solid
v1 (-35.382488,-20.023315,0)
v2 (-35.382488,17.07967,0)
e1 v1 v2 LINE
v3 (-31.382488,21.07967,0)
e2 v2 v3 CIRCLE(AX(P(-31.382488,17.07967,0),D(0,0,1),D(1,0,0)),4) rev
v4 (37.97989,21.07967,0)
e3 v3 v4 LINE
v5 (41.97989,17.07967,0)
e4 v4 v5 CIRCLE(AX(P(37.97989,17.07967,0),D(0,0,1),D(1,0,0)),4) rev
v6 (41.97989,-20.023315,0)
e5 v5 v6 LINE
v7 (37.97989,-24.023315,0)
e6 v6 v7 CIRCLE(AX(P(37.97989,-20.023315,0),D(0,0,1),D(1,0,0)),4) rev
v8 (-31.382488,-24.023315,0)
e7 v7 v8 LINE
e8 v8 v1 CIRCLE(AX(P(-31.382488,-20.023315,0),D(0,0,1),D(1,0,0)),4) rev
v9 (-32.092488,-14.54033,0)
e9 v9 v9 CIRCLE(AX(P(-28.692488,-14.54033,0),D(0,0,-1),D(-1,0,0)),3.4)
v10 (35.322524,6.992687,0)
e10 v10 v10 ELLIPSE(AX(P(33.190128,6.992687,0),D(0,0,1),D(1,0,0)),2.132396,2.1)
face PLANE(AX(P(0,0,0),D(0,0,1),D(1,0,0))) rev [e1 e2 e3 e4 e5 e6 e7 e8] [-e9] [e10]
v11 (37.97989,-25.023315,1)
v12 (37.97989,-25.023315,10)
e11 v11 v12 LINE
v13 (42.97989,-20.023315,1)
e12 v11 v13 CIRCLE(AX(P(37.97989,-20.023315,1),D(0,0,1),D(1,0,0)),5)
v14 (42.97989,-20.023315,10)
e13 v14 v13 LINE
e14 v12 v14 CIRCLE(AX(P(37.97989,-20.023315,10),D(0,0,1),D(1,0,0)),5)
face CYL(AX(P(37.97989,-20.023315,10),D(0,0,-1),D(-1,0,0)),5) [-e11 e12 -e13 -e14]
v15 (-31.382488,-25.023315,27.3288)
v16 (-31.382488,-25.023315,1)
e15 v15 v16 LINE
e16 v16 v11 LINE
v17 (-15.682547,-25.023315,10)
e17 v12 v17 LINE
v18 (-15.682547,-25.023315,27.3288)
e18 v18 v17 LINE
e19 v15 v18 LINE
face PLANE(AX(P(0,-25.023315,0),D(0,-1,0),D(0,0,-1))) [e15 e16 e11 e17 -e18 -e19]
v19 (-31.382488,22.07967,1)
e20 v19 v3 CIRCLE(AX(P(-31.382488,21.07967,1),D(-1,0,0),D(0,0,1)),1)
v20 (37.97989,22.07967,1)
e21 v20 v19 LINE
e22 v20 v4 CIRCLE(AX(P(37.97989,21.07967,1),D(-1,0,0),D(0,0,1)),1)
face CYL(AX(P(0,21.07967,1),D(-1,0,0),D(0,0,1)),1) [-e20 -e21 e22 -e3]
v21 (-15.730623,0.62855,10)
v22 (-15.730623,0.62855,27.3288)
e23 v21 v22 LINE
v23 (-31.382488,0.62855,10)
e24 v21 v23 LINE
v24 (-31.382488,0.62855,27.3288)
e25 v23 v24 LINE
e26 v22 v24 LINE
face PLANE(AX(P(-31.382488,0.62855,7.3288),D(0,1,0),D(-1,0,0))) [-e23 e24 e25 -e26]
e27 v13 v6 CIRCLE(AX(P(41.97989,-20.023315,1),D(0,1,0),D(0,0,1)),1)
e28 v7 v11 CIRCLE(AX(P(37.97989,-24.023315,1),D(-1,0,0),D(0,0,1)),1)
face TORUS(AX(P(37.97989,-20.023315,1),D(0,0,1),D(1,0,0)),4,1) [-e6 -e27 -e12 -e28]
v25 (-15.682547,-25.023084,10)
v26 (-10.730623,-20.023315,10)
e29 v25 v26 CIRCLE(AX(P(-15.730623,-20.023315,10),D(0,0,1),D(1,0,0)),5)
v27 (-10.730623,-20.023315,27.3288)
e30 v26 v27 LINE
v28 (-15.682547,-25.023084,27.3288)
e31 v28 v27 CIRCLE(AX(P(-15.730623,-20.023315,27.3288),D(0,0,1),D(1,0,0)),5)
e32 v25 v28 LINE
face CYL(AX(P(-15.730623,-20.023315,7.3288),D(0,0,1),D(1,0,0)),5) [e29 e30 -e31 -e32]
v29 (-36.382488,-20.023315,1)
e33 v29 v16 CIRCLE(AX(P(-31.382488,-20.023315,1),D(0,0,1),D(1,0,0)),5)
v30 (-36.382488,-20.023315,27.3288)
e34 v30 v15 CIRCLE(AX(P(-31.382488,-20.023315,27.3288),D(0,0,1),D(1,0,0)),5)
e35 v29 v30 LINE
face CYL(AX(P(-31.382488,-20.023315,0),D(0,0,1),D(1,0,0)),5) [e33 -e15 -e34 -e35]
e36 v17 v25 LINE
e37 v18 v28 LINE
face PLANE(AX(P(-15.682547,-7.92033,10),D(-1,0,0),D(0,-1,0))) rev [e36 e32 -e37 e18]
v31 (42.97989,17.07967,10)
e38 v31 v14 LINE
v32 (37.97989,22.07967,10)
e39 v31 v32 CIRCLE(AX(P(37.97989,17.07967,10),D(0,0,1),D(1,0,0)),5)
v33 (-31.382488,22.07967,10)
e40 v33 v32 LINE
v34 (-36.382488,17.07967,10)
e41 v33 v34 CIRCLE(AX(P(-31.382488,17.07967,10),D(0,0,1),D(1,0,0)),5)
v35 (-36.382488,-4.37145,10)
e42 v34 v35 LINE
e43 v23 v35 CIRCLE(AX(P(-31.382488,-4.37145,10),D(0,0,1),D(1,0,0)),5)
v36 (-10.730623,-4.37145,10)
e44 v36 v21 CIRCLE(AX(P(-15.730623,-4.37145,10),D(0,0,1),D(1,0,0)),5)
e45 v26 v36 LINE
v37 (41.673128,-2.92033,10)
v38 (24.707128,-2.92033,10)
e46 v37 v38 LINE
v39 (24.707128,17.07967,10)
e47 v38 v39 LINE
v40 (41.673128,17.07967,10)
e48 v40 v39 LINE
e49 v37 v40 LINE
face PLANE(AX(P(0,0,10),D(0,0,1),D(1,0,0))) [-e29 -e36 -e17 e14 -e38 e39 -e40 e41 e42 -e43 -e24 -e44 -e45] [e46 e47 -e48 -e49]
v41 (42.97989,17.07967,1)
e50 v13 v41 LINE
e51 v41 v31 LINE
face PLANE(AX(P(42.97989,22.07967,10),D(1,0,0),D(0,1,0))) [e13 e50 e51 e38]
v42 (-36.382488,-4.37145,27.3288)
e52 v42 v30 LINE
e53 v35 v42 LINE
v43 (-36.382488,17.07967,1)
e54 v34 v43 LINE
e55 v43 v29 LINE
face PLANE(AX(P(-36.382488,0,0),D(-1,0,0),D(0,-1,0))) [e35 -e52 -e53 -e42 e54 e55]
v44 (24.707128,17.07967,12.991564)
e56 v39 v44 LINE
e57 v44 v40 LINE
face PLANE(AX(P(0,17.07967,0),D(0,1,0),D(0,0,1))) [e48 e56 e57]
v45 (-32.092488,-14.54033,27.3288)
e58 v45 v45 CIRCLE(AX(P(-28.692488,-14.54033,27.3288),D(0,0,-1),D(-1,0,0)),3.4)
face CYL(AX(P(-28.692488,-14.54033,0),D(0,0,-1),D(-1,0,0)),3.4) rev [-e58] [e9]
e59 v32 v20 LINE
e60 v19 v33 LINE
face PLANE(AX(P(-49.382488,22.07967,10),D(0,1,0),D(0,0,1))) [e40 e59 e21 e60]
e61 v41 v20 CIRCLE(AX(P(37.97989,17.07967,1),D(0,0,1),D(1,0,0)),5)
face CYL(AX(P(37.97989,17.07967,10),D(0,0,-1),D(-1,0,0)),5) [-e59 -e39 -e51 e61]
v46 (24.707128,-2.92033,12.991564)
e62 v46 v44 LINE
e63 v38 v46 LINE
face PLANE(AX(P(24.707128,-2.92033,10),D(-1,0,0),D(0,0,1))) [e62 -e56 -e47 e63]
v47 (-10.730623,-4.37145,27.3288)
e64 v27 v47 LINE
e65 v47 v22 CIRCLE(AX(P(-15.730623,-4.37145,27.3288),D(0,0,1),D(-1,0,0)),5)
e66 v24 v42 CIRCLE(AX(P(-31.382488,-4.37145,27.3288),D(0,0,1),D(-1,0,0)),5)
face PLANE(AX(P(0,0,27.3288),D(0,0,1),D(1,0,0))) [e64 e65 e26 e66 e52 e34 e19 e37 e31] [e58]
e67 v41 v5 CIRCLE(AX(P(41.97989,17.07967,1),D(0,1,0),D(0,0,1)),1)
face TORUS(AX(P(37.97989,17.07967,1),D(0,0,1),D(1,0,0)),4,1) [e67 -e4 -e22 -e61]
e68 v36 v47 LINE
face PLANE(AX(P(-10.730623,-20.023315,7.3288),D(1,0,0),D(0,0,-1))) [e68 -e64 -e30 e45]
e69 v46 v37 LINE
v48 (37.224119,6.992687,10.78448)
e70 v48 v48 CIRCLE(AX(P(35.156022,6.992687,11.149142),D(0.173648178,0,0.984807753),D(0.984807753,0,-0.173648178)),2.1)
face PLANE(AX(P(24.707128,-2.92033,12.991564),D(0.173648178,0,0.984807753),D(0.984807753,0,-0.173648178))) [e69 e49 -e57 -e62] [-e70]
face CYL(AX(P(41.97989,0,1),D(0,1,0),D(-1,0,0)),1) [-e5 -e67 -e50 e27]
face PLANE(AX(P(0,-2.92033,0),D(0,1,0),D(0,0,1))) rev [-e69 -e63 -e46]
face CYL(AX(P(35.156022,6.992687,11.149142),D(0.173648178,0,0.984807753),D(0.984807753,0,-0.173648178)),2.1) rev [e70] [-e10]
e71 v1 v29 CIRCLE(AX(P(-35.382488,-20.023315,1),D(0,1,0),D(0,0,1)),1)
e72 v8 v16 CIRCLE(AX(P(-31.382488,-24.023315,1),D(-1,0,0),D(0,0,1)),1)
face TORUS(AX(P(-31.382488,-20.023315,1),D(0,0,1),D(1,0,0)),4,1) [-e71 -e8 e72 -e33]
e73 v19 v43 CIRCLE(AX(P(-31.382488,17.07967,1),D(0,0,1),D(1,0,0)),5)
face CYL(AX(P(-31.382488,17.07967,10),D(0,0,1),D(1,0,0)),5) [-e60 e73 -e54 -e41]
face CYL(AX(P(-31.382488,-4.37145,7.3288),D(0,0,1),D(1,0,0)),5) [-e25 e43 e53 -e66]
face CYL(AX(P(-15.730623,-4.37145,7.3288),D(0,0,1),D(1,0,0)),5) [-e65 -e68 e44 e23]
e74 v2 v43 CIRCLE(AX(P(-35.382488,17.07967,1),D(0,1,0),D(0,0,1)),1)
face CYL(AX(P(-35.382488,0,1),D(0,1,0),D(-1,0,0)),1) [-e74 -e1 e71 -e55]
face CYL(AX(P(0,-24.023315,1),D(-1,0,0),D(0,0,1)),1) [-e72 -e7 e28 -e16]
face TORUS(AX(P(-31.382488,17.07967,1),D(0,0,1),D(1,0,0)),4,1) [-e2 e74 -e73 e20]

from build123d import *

# Parameters (mm, degrees)
SKETCH1_W           = 43.699940619
SKETCH1_H           = 33.102984907
BOSS_EXTRUDE1_DEPTH = 10
BOSS_EXTRUDE3_DEPTH = 10
M5_TAPPED_HOLE1_D   = 4.2
SKETCH18_W          = 13
SKETCH18_H          = 47.102984907
CUT_EXTRUDE1_DEPTH  = 10
SKETCH20_W          = 10
SKETCH20_H          = 17.102984907
CUT_EXTRUDE3_DEPTH  = 10
SKETCH22_W          = 20.699940619
SKETCH22_H          = 17.102984907
BOSS_EXTRUDE4_DEPTH = 17.3288
SKETCH23_W          = 58.662437665
SKETCH23_H          = 17.102984907
BOSS_EXTRUDE5_DEPTH = 10
BOSS_EXTRUDE6_DEPTH = 20
M8_TAPPED_HOLE3_D   = 6.8
FILLET4_R           = 5
FILLET6_R           = 5
FILLET7_R           = 1


with BuildPart() as part:
    # Sketch1 → Boss-Extrude1 (new body)
    with BuildSketch(Plane.XY):
        Polygon((42.979890311, 22.079670103), (-49.382487973, 22.079670103), (-49.382487973, -7.920329897), (-5.682547354, -7.920329897), (42.979890311, -7.920329897), align=None)
        with Locations((-27.532517664, -24.471822351)):
            Rectangle(SKETCH1_W, SKETCH1_H)
    extrude(amount=BOSS_EXTRUDE1_DEPTH)

    # Sketch10 → Boss-Extrude3 (add, symmetric)
    with BuildSketch(Plane(origin=(0, 7.079670103, 0), x_dir=(-1, 0, 0), z_dir=(0, -1, 0))):
        Polygon((-24.707127971, -10), (-24.707127971, -12.991563555), (-41.673127971, -10), align=None)
    extrude(amount=BOSS_EXTRUDE3_DEPTH, both=True)

    # M5 Tapped Hole1 (through all)
    with Locations(Plane(origin=(35.156022436, 6.992687386, 11.149141542), x_dir=(0.984807753012, 0, -0.173648177667), z_dir=(0.173648177667, 0, 0.984807753012))):
        with Locations((0, 0)):
            Hole(M5_TAPPED_HOLE1_D / 2)

    # Sketch18 → Cut-Extrude1 (cut)
    with BuildSketch(Plane.XY.offset(10)):
        Polygon((-36.382487973, -25.023314804), (-49.382487973, -25.023314804), (-49.382487973, -41.023314804), (-5.682547354, -41.023314804), (-5.682547354, -25.023314804), align=None)
        with Locations((-42.882487973, -1.471822351)):
            Rectangle(SKETCH18_W, SKETCH18_H)
    extrude(amount=-CUT_EXTRUDE1_DEPTH, mode=Mode.SUBTRACT)

    # Sketch20 → Cut-Extrude3 (cut)
    with BuildSketch(Plane(origin=(0, 0, 0), x_dir=(-1, 0, 0), z_dir=(0, 0, -1))):
        with Locations((10.682547354, -16.471822351)):
            Rectangle(SKETCH20_W, SKETCH20_H)
    extrude(amount=-CUT_EXTRUDE3_DEPTH, mode=Mode.SUBTRACT)

    # Sketch22 → Boss-Extrude4 (add)
    with BuildSketch(Plane.XY.offset(10)):
        with Locations((-26.032517664, -16.471822351)):
            Rectangle(SKETCH22_W, SKETCH22_H)
    extrude(amount=BOSS_EXTRUDE4_DEPTH)

    # Sketch23 → Boss-Extrude5 (add)
    with BuildSketch(Plane(origin=(0, 0, 0), x_dir=(-1, 0, 0), z_dir=(0, 0, -1))):
        with Locations((-13.648671479, -16.471822351)):
            Rectangle(SKETCH23_W, SKETCH23_H)
    extrude(amount=-BOSS_EXTRUDE5_DEPTH)

    # Sketch27 → Boss-Extrude6 (add)
    with BuildSketch(Plane.XY.offset(27.3288)):
        with BuildLine():
            Line((-36.382487973, -25.023314804), (-15.730623406, -25.023314804))
            ThreePointArc((-15.730623406, -25.023314804), (-12.1950895, -23.55884871), (-10.730623406, -20.023314804))
            Line((-10.730623406, -20.023314804), (-10.730623406, -4.371450237))
            ThreePointArc((-10.730623406, -4.371450237), (-12.1950895, -0.835916331), (-15.730623406, 0.628549763))
            Line((-15.730623406, 0.628549763), (-31.382487973, 0.628549763))
            ThreePointArc((-31.382487973, 0.628549763), (-34.918021878, -0.835916331), (-36.382487973, -4.371450237))
            Line((-36.382487973, -4.371450237), (-36.382487973, -25.023314804))
        make_face()
    extrude(amount=-BOSS_EXTRUDE6_DEPTH)

    # M8 Tapped Hole3 (through all)
    with Locations(Plane(origin=(-28.692487973, -14.540329897, 0), x_dir=(-1, 0, 0), z_dir=(0, 0, -1))):
        with Locations((0, 0)):
            Hole(M8_TAPPED_HOLE3_D / 2)

    # Fillet4
    fillet4_edges = [part.edges().sort_by_distance(p)[0] for p in [
        (-36.382487973, -25.023314804, 13.6644),
    ]]
    fillet(fillet4_edges, radius=FILLET4_R)

    # Fillet6
    fillet6_edges = [part.edges().sort_by_distance(p)[0] for p in [
        (-36.382487973, 22.079670103, 5),
        (42.979890311, 22.079670103, 5),
        (42.979890311, -25.023314804, 5),
    ]]
    fillet(fillet6_edges, radius=FILLET6_R)

    # Fillet7
    fillet7_edges = [part.edges().sort_by_distance(p)[0] for p in [
        (3.298701169, -25.023314804, 0),
        (-34.918021878, -23.55884871, 0),
        (3.298701169, 22.079670103, 0),
        (-36.382487973, -1.471822351, 0),
        (42.979890311, -1.471822351, 0),
        (-34.918021878, 20.615204009, 0),
        (41.515424217, -23.55884871, 0),
        (41.515424217, 20.615204009, 0),
    ]]
    fillet(fillet7_edges, radius=FILLET7_R)


solid = part.part
